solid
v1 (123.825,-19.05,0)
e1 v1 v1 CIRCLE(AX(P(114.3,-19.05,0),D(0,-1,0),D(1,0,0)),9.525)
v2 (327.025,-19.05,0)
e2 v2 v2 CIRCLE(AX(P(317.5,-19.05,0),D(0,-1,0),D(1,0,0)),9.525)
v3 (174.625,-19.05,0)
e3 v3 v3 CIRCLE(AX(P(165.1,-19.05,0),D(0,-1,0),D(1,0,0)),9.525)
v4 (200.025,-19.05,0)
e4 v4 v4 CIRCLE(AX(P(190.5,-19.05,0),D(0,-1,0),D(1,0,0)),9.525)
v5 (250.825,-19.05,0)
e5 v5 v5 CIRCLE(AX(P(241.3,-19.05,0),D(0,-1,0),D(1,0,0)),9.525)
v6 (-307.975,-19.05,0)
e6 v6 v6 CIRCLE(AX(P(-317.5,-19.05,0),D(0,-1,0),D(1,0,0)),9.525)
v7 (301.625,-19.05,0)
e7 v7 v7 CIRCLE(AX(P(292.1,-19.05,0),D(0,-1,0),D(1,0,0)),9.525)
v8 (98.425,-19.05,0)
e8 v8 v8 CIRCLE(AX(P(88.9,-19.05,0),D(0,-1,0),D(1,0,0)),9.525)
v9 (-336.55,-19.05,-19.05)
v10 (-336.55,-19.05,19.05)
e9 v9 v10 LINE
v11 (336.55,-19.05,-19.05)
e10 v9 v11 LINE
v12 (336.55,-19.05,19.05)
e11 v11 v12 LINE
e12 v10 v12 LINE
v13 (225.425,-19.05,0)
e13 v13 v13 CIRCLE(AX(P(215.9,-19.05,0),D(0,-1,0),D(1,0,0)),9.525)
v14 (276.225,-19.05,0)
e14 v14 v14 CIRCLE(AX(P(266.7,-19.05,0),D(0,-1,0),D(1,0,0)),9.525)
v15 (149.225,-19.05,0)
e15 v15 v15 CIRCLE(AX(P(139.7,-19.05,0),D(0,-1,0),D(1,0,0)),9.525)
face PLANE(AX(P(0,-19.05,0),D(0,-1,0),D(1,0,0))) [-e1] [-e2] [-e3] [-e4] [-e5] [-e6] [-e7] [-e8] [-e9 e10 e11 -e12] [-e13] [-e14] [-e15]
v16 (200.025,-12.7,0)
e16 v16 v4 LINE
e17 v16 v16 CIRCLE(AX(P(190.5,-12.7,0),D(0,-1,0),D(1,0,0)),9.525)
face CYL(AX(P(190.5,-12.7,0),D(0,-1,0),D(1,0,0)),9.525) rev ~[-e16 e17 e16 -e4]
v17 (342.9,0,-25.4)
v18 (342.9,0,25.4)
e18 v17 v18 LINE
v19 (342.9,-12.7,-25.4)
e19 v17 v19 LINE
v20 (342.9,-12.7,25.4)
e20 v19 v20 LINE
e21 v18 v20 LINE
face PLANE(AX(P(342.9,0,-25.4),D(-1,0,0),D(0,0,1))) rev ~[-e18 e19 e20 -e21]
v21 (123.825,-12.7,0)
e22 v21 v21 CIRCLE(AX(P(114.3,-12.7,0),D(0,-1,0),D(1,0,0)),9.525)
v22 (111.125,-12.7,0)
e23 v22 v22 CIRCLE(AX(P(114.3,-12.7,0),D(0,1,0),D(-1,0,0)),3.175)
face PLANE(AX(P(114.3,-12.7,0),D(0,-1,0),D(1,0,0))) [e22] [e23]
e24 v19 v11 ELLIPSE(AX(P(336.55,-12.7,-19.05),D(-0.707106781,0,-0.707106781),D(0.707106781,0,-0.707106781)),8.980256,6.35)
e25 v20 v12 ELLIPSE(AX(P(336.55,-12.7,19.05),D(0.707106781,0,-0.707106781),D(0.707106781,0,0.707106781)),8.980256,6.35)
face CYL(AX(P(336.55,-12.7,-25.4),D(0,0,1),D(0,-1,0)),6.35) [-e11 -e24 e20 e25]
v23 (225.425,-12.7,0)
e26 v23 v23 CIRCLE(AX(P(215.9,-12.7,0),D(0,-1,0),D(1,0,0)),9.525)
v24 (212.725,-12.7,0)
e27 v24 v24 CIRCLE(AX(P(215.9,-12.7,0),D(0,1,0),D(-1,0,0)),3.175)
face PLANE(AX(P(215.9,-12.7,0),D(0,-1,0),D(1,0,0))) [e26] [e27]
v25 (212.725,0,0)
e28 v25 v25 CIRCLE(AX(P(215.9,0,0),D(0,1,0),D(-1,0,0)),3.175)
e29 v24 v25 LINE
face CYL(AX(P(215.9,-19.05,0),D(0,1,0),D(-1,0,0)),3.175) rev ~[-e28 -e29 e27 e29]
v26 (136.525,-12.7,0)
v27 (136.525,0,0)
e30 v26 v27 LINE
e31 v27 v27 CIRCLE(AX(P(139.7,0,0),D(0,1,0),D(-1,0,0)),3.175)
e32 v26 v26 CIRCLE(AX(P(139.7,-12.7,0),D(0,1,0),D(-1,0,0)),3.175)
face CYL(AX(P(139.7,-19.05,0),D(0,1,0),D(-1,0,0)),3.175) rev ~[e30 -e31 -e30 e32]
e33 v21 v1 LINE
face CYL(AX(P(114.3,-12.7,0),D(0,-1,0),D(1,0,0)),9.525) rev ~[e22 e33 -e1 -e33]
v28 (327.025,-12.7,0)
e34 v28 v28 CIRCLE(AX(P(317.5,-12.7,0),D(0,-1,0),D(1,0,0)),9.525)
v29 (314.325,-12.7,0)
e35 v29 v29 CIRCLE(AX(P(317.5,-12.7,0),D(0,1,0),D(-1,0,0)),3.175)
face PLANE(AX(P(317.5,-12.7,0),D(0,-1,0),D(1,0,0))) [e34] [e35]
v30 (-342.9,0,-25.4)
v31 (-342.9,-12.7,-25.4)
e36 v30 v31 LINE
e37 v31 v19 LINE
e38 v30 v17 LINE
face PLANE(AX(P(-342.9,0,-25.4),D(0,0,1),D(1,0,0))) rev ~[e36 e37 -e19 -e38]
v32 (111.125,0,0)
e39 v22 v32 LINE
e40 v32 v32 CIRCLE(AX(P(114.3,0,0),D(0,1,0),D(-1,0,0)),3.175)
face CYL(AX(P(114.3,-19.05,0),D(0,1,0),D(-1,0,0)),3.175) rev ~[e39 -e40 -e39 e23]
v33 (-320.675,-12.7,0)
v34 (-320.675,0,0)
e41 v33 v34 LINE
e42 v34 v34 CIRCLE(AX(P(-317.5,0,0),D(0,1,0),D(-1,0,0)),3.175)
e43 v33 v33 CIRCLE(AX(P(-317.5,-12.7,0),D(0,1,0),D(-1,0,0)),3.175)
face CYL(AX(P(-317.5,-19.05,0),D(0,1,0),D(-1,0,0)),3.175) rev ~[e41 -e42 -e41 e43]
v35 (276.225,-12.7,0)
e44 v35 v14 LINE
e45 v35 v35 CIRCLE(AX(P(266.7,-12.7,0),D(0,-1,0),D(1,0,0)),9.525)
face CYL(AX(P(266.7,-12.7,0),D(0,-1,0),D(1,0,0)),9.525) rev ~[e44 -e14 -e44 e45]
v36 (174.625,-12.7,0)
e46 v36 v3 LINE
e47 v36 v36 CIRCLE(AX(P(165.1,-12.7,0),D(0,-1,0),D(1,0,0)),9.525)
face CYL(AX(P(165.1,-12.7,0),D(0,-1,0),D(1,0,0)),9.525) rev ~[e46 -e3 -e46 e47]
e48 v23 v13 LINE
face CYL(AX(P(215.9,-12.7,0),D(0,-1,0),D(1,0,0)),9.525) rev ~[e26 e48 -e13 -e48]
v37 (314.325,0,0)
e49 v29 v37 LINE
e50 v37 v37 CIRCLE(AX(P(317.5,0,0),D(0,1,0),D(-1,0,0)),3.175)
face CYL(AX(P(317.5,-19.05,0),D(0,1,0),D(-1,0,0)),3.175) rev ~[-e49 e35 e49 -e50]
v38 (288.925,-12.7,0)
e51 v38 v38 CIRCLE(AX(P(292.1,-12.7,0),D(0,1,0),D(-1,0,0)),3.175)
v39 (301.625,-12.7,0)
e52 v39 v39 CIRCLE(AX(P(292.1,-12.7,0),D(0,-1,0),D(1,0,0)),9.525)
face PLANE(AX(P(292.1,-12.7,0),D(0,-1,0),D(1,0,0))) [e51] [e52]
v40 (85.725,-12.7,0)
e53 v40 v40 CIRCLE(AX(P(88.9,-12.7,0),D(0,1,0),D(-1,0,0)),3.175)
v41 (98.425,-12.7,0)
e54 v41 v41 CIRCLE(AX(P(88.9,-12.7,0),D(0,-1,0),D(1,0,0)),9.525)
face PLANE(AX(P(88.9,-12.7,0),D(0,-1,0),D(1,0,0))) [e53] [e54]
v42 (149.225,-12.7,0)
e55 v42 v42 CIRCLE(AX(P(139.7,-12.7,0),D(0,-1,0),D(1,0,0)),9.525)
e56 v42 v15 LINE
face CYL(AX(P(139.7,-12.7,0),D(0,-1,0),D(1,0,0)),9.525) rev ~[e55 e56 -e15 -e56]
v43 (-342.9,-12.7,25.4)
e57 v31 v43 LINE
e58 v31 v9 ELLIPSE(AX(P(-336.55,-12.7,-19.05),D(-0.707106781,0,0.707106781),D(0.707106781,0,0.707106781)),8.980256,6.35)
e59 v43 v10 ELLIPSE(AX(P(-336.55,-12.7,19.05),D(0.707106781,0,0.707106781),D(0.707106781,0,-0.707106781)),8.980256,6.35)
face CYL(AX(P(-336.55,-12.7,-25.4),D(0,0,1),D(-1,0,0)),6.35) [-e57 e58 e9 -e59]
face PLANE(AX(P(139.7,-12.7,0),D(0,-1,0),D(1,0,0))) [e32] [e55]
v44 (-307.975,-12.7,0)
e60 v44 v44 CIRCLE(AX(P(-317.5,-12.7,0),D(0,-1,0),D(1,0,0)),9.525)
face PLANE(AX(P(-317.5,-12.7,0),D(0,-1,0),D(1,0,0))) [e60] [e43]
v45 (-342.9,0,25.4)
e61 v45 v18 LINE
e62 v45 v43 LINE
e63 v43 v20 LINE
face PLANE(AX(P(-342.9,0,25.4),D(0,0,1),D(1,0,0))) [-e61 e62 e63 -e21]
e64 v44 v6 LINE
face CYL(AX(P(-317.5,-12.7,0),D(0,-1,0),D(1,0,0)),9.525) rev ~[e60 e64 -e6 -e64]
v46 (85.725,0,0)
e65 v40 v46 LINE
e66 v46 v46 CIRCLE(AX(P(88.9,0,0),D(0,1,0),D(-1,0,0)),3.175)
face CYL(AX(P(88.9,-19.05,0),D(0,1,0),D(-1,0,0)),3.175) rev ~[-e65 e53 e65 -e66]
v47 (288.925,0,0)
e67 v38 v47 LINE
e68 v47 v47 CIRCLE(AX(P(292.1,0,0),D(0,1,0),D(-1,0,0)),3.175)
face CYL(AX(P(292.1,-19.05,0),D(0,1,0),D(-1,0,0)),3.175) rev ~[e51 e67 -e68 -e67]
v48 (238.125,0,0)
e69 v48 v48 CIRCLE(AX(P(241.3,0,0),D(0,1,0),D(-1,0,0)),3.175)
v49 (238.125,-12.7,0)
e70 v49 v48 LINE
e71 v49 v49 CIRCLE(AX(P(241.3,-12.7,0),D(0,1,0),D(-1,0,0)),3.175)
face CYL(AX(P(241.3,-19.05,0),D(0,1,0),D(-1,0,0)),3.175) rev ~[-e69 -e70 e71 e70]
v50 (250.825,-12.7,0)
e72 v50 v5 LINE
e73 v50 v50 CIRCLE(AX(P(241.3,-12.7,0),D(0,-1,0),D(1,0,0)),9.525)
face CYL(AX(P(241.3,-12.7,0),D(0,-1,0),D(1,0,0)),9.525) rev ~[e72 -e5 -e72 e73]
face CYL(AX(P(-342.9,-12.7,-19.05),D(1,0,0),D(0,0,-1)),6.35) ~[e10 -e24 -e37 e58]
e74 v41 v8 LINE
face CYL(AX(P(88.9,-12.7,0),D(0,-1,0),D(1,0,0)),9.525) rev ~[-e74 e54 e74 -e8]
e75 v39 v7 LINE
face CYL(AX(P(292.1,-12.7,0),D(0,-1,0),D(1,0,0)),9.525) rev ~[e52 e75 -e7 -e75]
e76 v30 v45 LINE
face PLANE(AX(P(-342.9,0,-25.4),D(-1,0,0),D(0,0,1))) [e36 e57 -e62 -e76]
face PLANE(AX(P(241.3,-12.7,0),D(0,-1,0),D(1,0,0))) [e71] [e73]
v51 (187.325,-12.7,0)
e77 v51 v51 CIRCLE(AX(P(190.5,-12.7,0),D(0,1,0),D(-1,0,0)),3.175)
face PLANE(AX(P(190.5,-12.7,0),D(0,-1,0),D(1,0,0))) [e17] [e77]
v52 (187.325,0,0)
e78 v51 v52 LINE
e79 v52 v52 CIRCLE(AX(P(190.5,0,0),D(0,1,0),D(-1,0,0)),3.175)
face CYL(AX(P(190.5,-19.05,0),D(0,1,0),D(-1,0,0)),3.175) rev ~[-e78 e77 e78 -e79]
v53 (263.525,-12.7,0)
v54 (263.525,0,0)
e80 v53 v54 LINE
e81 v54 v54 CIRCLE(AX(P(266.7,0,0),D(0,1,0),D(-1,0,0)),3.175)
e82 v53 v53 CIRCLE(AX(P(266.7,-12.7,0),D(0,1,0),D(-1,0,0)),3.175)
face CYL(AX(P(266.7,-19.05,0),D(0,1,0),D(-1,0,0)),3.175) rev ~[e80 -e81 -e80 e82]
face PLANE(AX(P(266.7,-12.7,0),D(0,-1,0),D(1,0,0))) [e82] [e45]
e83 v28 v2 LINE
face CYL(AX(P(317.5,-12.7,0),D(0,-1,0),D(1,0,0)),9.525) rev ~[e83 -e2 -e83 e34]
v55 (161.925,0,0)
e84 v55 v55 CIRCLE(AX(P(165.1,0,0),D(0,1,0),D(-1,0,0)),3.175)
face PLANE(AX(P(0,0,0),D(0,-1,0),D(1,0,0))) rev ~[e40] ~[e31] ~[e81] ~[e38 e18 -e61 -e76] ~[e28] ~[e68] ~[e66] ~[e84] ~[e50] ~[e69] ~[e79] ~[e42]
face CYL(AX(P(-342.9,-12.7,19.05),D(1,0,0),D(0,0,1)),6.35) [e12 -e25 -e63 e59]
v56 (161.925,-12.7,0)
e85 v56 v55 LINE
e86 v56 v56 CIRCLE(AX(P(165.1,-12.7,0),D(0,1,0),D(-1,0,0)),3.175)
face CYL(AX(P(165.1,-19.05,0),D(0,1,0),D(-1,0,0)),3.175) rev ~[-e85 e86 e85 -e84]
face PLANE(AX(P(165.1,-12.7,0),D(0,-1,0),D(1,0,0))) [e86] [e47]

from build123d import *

# Parameters (mm, degrees)
F0_W           = 685.8
F0_H           = 50.8
F1_DEPTH       = 19.05
F3_D           = 6.35
F3_CBORE_D     = 19.05
F3_CBORE_DEPTH = 6.35
F5_D           = 6.35
F5_CBORE_D     = 19.05
F5_CBORE_DEPTH = 6.35
F6_R           = 6.35


with BuildPart() as f1:
    # F0 (on Front) → F1 (new body)
    with BuildSketch(Plane.XZ):
        Rectangle(F0_W, F0_H)
    extrude(amount=F1_DEPTH)

    # F3 (through all)
    with Locations(Plane.XZ.offset(19.05)):
        with Locations((-317.5, 0)):
            CounterBoreHole(F3_D / 2, F3_CBORE_D / 2, F3_CBORE_DEPTH)

    # F5 (through all)
    with Locations(Plane.XZ.offset(19.05)):
        with Locations((317.5, 0), (292.1, 0), (266.7, 0), (241.3, 0), (215.9, 0), (190.5, 0), (165.1, 0), (139.7, 0), (114.3, 0), (88.9, 0)):
            CounterBoreHole(F5_D / 2, F5_CBORE_D / 2, F5_CBORE_DEPTH)

    # F6
    f6_edges = [f1.edges().sort_by_distance(p)[0] for p in [
        (0, -19.05, 25.4),
        (-342.9, -19.05, 0),
        (0, -19.05, -25.4),
        (342.9, -19.05, 0),
    ]]
    fillet(f6_edges, radius=F6_R)


solid = f1.part
